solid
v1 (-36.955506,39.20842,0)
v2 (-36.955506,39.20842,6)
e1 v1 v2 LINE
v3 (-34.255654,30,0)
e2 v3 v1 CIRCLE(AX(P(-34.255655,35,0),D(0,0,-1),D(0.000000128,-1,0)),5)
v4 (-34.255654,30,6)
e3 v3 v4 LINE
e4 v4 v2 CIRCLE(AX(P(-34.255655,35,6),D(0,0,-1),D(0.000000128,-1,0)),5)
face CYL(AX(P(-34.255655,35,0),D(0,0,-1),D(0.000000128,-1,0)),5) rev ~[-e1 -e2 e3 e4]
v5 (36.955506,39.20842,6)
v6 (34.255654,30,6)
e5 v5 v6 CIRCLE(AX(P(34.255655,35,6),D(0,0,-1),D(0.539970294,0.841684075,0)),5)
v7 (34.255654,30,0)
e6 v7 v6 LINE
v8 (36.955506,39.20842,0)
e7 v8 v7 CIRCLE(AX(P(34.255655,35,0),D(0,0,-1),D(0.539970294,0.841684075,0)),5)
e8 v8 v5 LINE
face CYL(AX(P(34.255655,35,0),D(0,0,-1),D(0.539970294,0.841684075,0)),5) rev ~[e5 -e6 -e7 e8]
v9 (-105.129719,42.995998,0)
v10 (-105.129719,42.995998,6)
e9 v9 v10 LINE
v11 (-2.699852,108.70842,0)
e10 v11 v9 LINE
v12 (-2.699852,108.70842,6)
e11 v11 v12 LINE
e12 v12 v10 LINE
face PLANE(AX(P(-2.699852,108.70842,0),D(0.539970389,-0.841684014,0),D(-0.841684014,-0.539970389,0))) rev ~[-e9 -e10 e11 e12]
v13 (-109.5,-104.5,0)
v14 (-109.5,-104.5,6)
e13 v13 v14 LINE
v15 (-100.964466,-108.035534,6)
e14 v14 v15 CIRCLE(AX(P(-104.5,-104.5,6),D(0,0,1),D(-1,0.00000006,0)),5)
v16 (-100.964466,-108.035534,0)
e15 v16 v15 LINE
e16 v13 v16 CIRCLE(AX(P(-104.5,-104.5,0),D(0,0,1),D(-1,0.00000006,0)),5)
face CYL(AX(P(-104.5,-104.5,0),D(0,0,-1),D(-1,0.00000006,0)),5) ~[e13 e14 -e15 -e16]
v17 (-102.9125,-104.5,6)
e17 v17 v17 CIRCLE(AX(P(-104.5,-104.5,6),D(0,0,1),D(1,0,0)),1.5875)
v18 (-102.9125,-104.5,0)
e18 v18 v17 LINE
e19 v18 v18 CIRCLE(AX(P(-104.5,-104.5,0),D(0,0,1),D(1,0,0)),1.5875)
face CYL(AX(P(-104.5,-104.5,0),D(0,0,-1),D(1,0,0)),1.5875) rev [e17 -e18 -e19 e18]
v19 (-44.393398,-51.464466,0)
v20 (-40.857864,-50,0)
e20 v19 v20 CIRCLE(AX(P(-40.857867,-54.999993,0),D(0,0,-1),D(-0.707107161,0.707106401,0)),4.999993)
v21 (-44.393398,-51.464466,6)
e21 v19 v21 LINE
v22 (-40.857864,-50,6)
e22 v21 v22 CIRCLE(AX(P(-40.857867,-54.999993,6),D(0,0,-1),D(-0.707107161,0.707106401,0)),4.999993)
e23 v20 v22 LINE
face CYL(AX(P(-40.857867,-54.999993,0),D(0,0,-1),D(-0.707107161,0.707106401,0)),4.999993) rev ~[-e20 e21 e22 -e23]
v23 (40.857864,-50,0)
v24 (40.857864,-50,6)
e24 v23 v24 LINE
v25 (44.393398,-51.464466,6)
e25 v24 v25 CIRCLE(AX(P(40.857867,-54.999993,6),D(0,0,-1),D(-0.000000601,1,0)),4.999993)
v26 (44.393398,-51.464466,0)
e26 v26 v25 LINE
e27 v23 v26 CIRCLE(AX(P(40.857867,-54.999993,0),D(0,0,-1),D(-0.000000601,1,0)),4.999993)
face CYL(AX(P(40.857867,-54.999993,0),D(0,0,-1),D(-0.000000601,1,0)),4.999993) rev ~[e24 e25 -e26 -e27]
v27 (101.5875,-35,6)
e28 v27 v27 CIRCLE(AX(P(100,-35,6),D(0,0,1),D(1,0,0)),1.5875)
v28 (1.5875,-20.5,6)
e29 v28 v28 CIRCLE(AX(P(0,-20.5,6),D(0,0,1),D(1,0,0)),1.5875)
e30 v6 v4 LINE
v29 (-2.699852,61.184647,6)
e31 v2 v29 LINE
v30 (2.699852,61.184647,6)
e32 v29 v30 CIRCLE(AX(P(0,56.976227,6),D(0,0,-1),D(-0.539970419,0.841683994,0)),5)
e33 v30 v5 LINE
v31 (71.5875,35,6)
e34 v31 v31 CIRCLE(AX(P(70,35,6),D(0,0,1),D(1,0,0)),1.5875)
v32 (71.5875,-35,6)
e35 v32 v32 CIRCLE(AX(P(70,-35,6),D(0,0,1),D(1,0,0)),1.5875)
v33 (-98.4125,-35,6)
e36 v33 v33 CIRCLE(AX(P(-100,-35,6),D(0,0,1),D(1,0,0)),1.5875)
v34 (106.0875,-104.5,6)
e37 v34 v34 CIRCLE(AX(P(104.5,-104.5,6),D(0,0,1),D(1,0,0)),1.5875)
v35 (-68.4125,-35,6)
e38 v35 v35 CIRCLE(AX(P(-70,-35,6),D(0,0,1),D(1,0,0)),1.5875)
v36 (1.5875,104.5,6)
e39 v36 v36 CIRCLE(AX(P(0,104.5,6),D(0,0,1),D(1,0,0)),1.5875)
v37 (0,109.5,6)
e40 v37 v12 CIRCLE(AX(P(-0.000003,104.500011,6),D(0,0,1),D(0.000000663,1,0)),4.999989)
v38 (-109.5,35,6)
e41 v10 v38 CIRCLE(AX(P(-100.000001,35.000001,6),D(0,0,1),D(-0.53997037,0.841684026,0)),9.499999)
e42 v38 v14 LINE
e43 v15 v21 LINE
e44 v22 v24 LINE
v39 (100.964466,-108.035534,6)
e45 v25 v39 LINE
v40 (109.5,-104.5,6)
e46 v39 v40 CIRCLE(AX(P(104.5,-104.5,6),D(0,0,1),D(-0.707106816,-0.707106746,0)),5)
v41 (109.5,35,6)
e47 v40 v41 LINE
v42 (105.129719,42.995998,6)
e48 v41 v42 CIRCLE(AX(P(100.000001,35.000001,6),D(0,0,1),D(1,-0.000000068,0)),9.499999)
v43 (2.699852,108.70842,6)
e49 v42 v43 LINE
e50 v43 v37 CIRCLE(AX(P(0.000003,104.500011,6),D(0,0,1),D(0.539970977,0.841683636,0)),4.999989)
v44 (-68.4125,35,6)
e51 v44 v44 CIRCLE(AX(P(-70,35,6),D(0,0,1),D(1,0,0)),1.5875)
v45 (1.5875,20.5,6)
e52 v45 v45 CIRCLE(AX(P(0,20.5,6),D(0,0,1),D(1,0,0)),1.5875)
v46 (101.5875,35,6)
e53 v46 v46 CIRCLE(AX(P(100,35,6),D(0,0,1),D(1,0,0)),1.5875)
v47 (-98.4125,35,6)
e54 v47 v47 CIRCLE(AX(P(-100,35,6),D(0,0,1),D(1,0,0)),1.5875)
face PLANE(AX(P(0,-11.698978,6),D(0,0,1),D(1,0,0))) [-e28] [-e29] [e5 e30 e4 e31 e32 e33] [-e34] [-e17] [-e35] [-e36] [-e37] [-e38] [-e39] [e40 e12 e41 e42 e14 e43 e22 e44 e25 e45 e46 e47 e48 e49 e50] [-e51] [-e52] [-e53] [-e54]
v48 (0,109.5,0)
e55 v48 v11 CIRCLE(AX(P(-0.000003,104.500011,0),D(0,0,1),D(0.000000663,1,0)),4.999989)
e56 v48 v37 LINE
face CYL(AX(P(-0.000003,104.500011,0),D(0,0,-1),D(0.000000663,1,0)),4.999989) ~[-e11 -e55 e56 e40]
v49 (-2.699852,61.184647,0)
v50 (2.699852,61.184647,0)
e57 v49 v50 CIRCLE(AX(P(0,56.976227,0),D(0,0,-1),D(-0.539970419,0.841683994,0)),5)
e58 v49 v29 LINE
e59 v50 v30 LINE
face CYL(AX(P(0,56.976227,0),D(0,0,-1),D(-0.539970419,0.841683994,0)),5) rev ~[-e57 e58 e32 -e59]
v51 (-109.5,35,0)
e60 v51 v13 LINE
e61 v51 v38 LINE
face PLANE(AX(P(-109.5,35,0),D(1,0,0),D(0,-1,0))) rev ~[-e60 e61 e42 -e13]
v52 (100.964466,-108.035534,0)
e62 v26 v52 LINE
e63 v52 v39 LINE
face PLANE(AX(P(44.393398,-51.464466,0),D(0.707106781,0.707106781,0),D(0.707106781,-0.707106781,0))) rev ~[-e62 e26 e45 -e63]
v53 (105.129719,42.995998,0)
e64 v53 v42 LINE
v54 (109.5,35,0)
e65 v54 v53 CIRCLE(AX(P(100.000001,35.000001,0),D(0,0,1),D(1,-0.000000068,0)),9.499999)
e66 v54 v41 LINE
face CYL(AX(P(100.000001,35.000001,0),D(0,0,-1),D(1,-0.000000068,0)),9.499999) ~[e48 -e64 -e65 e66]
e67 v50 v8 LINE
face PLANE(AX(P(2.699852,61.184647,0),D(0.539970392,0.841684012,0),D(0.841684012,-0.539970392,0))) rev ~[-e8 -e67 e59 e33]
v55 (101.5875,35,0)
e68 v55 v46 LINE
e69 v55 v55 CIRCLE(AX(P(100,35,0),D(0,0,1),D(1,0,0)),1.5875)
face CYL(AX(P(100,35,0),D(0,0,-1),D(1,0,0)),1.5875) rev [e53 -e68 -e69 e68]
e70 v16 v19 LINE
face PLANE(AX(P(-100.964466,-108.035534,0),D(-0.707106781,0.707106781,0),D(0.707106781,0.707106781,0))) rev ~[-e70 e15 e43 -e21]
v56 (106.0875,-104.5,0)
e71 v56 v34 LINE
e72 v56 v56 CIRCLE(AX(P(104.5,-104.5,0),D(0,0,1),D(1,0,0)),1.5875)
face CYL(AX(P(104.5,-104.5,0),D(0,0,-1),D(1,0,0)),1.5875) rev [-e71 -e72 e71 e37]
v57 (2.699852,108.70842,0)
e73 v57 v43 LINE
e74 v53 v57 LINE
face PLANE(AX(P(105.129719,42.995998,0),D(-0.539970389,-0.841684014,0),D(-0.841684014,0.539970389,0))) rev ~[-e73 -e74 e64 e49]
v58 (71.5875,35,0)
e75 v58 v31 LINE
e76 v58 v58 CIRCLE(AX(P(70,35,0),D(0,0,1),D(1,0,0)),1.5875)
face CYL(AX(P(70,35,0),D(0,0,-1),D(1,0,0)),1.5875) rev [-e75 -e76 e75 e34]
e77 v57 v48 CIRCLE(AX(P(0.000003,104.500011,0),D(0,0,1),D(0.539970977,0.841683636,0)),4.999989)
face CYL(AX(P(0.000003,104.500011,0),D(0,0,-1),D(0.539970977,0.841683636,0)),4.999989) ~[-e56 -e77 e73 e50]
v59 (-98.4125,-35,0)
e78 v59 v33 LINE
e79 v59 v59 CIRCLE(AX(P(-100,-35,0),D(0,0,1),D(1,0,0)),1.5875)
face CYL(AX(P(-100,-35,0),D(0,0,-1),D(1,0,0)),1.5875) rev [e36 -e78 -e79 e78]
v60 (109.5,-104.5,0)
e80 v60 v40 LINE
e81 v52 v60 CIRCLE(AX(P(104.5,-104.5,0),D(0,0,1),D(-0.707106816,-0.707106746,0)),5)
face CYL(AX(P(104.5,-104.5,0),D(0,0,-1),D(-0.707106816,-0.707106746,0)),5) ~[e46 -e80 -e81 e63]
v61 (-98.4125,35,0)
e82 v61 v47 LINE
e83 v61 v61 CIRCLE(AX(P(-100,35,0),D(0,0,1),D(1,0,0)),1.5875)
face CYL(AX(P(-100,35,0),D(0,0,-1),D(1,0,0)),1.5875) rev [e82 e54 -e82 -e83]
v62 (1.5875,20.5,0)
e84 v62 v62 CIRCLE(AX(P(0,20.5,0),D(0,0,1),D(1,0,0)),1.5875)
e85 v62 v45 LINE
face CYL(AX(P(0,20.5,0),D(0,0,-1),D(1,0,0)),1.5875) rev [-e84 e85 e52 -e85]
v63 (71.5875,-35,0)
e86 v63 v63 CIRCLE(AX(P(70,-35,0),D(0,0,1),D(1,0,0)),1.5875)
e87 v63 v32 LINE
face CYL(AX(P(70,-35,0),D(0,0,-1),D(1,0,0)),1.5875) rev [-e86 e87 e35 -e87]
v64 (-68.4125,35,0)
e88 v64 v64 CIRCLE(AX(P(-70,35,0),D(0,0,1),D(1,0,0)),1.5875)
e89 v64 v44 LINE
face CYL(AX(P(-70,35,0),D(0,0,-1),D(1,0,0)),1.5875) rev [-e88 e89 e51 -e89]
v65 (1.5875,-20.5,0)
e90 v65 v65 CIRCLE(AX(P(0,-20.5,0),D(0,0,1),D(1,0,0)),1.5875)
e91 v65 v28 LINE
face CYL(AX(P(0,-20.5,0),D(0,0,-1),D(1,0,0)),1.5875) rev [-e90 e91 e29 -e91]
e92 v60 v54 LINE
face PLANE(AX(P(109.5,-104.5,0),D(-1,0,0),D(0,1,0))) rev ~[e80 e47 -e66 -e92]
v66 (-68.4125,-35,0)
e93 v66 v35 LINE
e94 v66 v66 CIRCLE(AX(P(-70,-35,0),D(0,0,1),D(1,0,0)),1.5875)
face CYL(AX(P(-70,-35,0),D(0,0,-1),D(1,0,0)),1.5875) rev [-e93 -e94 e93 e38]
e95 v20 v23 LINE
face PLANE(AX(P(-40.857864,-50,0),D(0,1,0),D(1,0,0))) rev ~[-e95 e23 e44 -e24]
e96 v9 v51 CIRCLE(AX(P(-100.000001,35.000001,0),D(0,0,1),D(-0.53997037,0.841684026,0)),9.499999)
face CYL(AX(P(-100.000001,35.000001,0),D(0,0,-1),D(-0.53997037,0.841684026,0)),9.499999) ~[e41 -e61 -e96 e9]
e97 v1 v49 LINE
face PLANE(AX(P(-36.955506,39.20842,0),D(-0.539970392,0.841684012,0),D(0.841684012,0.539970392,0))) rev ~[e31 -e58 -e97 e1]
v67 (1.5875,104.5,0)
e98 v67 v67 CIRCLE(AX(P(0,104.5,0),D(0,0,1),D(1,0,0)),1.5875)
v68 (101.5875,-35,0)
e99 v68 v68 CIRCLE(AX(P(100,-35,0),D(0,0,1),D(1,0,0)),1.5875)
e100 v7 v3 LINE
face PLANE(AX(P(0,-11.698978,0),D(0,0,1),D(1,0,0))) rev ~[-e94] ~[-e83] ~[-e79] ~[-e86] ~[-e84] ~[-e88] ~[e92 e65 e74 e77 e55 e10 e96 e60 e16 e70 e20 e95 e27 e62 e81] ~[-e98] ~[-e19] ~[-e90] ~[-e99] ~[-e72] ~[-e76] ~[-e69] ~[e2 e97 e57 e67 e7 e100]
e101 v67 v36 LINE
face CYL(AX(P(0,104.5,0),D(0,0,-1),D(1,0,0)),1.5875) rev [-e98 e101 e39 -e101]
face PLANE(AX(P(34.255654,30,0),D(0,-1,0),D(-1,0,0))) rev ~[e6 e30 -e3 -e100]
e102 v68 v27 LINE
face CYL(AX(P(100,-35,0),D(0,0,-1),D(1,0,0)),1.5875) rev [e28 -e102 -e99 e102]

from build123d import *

# Parameters (mm, degrees)
F0_R     = 1.5875
F1_DEPTH = 6


with BuildPart() as f1:
    # F0 (on Top) → F1 (new body)
    with BuildSketch(Plane.XY):
        with BuildLine():
            Line((-109.5, 35), (-109.5, -104.5))
            ThreePointArc((-109.5, -104.5), (-106.413417, -109.119398), (-100.964466, -108.035534))
            Line((-100.964466, -108.035534), (-44.393398, -51.464466))
            ThreePointArc((-44.393398, -51.464466), (-42.771282, -50.380602), (-40.857864, -50))
            Line((-40.857864, -50), (0, -50))
            Line((0, -50), (40.857864, -50))
            ThreePointArc((40.857864, -50), (42.771282, -50.380602), (44.393398, -51.464466))
            Line((44.393398, -51.464466), (100.964466, -108.035534))
            ThreePointArc((100.964466, -108.035534), (106.413417, -109.119398), (109.5, -104.5))
            Line((109.5, -104.5), (109.5, 35))
            ThreePointArc((109.5, 35), (108.336136, 39.556187), (105.129719, 42.995998))
            Line((105.129719, 42.995998), (2.699852, 108.70842))
            ThreePointArc((2.699852, 108.70842), (1.406752, 109.298026), (0, 109.5))
            ThreePointArc((0, 109.5), (-1.406752, 109.298026), (-2.699852, 108.70842))
            Line((-2.699852, 108.70842), (-105.129719, 42.995998))
            ThreePointArc((-105.129719, 42.995998), (-108.336136, 39.556187), (-109.5, 35))
        make_face()
        with Locations((-104.5, -104.5)):
            Circle(F0_R, mode=Mode.SUBTRACT)
        with Locations((-100, -35)):
            Circle(F0_R, mode=Mode.SUBTRACT)
        with Locations((-70, -35)):
            Circle(F0_R, mode=Mode.SUBTRACT)
        with Locations((104.5, -104.5)):
            Circle(F0_R, mode=Mode.SUBTRACT)
        with Locations((0, -20.5)):
            Circle(F0_R, mode=Mode.SUBTRACT)
        with Locations((70, -35)):
            Circle(F0_R, mode=Mode.SUBTRACT)
        with Locations((100, -35)):
            Circle(F0_R, mode=Mode.SUBTRACT)
        with Locations((-100, 35)):
            Circle(F0_R, mode=Mode.SUBTRACT)
        with Locations((-70, 35)):
            Circle(F0_R, mode=Mode.SUBTRACT)
        with Locations((0, 20.5)):
            Circle(F0_R, mode=Mode.SUBTRACT)
        with BuildLine():
            Line((34.255654, 30), (0, 30))
            Line((0, 30), (-34.255654, 30))
            ThreePointArc((-34.255654, 30), (-39.05368, 33.593248), (-36.955506, 39.20842))
            Line((-36.955506, 39.20842), (-2.699852, 61.184647))
            ThreePointArc((-2.699852, 61.184647), (0, 61.976227), (2.699852, 61.184647))
            Line((2.699852, 61.184647), (36.955506, 39.20842))
            ThreePointArc((36.955506, 39.20842), (39.05368, 33.593248), (34.255654, 30))
        make_face(mode=Mode.SUBTRACT)
        with Locations((70, 35)):
            Circle(F0_R, mode=Mode.SUBTRACT)
        with Locations((100, 35)):
            Circle(F0_R, mode=Mode.SUBTRACT)
        with Locations((0, 104.5)):
            Circle(F0_R, mode=Mode.SUBTRACT)
    extrude(amount=F1_DEPTH)


solid = f1.part
